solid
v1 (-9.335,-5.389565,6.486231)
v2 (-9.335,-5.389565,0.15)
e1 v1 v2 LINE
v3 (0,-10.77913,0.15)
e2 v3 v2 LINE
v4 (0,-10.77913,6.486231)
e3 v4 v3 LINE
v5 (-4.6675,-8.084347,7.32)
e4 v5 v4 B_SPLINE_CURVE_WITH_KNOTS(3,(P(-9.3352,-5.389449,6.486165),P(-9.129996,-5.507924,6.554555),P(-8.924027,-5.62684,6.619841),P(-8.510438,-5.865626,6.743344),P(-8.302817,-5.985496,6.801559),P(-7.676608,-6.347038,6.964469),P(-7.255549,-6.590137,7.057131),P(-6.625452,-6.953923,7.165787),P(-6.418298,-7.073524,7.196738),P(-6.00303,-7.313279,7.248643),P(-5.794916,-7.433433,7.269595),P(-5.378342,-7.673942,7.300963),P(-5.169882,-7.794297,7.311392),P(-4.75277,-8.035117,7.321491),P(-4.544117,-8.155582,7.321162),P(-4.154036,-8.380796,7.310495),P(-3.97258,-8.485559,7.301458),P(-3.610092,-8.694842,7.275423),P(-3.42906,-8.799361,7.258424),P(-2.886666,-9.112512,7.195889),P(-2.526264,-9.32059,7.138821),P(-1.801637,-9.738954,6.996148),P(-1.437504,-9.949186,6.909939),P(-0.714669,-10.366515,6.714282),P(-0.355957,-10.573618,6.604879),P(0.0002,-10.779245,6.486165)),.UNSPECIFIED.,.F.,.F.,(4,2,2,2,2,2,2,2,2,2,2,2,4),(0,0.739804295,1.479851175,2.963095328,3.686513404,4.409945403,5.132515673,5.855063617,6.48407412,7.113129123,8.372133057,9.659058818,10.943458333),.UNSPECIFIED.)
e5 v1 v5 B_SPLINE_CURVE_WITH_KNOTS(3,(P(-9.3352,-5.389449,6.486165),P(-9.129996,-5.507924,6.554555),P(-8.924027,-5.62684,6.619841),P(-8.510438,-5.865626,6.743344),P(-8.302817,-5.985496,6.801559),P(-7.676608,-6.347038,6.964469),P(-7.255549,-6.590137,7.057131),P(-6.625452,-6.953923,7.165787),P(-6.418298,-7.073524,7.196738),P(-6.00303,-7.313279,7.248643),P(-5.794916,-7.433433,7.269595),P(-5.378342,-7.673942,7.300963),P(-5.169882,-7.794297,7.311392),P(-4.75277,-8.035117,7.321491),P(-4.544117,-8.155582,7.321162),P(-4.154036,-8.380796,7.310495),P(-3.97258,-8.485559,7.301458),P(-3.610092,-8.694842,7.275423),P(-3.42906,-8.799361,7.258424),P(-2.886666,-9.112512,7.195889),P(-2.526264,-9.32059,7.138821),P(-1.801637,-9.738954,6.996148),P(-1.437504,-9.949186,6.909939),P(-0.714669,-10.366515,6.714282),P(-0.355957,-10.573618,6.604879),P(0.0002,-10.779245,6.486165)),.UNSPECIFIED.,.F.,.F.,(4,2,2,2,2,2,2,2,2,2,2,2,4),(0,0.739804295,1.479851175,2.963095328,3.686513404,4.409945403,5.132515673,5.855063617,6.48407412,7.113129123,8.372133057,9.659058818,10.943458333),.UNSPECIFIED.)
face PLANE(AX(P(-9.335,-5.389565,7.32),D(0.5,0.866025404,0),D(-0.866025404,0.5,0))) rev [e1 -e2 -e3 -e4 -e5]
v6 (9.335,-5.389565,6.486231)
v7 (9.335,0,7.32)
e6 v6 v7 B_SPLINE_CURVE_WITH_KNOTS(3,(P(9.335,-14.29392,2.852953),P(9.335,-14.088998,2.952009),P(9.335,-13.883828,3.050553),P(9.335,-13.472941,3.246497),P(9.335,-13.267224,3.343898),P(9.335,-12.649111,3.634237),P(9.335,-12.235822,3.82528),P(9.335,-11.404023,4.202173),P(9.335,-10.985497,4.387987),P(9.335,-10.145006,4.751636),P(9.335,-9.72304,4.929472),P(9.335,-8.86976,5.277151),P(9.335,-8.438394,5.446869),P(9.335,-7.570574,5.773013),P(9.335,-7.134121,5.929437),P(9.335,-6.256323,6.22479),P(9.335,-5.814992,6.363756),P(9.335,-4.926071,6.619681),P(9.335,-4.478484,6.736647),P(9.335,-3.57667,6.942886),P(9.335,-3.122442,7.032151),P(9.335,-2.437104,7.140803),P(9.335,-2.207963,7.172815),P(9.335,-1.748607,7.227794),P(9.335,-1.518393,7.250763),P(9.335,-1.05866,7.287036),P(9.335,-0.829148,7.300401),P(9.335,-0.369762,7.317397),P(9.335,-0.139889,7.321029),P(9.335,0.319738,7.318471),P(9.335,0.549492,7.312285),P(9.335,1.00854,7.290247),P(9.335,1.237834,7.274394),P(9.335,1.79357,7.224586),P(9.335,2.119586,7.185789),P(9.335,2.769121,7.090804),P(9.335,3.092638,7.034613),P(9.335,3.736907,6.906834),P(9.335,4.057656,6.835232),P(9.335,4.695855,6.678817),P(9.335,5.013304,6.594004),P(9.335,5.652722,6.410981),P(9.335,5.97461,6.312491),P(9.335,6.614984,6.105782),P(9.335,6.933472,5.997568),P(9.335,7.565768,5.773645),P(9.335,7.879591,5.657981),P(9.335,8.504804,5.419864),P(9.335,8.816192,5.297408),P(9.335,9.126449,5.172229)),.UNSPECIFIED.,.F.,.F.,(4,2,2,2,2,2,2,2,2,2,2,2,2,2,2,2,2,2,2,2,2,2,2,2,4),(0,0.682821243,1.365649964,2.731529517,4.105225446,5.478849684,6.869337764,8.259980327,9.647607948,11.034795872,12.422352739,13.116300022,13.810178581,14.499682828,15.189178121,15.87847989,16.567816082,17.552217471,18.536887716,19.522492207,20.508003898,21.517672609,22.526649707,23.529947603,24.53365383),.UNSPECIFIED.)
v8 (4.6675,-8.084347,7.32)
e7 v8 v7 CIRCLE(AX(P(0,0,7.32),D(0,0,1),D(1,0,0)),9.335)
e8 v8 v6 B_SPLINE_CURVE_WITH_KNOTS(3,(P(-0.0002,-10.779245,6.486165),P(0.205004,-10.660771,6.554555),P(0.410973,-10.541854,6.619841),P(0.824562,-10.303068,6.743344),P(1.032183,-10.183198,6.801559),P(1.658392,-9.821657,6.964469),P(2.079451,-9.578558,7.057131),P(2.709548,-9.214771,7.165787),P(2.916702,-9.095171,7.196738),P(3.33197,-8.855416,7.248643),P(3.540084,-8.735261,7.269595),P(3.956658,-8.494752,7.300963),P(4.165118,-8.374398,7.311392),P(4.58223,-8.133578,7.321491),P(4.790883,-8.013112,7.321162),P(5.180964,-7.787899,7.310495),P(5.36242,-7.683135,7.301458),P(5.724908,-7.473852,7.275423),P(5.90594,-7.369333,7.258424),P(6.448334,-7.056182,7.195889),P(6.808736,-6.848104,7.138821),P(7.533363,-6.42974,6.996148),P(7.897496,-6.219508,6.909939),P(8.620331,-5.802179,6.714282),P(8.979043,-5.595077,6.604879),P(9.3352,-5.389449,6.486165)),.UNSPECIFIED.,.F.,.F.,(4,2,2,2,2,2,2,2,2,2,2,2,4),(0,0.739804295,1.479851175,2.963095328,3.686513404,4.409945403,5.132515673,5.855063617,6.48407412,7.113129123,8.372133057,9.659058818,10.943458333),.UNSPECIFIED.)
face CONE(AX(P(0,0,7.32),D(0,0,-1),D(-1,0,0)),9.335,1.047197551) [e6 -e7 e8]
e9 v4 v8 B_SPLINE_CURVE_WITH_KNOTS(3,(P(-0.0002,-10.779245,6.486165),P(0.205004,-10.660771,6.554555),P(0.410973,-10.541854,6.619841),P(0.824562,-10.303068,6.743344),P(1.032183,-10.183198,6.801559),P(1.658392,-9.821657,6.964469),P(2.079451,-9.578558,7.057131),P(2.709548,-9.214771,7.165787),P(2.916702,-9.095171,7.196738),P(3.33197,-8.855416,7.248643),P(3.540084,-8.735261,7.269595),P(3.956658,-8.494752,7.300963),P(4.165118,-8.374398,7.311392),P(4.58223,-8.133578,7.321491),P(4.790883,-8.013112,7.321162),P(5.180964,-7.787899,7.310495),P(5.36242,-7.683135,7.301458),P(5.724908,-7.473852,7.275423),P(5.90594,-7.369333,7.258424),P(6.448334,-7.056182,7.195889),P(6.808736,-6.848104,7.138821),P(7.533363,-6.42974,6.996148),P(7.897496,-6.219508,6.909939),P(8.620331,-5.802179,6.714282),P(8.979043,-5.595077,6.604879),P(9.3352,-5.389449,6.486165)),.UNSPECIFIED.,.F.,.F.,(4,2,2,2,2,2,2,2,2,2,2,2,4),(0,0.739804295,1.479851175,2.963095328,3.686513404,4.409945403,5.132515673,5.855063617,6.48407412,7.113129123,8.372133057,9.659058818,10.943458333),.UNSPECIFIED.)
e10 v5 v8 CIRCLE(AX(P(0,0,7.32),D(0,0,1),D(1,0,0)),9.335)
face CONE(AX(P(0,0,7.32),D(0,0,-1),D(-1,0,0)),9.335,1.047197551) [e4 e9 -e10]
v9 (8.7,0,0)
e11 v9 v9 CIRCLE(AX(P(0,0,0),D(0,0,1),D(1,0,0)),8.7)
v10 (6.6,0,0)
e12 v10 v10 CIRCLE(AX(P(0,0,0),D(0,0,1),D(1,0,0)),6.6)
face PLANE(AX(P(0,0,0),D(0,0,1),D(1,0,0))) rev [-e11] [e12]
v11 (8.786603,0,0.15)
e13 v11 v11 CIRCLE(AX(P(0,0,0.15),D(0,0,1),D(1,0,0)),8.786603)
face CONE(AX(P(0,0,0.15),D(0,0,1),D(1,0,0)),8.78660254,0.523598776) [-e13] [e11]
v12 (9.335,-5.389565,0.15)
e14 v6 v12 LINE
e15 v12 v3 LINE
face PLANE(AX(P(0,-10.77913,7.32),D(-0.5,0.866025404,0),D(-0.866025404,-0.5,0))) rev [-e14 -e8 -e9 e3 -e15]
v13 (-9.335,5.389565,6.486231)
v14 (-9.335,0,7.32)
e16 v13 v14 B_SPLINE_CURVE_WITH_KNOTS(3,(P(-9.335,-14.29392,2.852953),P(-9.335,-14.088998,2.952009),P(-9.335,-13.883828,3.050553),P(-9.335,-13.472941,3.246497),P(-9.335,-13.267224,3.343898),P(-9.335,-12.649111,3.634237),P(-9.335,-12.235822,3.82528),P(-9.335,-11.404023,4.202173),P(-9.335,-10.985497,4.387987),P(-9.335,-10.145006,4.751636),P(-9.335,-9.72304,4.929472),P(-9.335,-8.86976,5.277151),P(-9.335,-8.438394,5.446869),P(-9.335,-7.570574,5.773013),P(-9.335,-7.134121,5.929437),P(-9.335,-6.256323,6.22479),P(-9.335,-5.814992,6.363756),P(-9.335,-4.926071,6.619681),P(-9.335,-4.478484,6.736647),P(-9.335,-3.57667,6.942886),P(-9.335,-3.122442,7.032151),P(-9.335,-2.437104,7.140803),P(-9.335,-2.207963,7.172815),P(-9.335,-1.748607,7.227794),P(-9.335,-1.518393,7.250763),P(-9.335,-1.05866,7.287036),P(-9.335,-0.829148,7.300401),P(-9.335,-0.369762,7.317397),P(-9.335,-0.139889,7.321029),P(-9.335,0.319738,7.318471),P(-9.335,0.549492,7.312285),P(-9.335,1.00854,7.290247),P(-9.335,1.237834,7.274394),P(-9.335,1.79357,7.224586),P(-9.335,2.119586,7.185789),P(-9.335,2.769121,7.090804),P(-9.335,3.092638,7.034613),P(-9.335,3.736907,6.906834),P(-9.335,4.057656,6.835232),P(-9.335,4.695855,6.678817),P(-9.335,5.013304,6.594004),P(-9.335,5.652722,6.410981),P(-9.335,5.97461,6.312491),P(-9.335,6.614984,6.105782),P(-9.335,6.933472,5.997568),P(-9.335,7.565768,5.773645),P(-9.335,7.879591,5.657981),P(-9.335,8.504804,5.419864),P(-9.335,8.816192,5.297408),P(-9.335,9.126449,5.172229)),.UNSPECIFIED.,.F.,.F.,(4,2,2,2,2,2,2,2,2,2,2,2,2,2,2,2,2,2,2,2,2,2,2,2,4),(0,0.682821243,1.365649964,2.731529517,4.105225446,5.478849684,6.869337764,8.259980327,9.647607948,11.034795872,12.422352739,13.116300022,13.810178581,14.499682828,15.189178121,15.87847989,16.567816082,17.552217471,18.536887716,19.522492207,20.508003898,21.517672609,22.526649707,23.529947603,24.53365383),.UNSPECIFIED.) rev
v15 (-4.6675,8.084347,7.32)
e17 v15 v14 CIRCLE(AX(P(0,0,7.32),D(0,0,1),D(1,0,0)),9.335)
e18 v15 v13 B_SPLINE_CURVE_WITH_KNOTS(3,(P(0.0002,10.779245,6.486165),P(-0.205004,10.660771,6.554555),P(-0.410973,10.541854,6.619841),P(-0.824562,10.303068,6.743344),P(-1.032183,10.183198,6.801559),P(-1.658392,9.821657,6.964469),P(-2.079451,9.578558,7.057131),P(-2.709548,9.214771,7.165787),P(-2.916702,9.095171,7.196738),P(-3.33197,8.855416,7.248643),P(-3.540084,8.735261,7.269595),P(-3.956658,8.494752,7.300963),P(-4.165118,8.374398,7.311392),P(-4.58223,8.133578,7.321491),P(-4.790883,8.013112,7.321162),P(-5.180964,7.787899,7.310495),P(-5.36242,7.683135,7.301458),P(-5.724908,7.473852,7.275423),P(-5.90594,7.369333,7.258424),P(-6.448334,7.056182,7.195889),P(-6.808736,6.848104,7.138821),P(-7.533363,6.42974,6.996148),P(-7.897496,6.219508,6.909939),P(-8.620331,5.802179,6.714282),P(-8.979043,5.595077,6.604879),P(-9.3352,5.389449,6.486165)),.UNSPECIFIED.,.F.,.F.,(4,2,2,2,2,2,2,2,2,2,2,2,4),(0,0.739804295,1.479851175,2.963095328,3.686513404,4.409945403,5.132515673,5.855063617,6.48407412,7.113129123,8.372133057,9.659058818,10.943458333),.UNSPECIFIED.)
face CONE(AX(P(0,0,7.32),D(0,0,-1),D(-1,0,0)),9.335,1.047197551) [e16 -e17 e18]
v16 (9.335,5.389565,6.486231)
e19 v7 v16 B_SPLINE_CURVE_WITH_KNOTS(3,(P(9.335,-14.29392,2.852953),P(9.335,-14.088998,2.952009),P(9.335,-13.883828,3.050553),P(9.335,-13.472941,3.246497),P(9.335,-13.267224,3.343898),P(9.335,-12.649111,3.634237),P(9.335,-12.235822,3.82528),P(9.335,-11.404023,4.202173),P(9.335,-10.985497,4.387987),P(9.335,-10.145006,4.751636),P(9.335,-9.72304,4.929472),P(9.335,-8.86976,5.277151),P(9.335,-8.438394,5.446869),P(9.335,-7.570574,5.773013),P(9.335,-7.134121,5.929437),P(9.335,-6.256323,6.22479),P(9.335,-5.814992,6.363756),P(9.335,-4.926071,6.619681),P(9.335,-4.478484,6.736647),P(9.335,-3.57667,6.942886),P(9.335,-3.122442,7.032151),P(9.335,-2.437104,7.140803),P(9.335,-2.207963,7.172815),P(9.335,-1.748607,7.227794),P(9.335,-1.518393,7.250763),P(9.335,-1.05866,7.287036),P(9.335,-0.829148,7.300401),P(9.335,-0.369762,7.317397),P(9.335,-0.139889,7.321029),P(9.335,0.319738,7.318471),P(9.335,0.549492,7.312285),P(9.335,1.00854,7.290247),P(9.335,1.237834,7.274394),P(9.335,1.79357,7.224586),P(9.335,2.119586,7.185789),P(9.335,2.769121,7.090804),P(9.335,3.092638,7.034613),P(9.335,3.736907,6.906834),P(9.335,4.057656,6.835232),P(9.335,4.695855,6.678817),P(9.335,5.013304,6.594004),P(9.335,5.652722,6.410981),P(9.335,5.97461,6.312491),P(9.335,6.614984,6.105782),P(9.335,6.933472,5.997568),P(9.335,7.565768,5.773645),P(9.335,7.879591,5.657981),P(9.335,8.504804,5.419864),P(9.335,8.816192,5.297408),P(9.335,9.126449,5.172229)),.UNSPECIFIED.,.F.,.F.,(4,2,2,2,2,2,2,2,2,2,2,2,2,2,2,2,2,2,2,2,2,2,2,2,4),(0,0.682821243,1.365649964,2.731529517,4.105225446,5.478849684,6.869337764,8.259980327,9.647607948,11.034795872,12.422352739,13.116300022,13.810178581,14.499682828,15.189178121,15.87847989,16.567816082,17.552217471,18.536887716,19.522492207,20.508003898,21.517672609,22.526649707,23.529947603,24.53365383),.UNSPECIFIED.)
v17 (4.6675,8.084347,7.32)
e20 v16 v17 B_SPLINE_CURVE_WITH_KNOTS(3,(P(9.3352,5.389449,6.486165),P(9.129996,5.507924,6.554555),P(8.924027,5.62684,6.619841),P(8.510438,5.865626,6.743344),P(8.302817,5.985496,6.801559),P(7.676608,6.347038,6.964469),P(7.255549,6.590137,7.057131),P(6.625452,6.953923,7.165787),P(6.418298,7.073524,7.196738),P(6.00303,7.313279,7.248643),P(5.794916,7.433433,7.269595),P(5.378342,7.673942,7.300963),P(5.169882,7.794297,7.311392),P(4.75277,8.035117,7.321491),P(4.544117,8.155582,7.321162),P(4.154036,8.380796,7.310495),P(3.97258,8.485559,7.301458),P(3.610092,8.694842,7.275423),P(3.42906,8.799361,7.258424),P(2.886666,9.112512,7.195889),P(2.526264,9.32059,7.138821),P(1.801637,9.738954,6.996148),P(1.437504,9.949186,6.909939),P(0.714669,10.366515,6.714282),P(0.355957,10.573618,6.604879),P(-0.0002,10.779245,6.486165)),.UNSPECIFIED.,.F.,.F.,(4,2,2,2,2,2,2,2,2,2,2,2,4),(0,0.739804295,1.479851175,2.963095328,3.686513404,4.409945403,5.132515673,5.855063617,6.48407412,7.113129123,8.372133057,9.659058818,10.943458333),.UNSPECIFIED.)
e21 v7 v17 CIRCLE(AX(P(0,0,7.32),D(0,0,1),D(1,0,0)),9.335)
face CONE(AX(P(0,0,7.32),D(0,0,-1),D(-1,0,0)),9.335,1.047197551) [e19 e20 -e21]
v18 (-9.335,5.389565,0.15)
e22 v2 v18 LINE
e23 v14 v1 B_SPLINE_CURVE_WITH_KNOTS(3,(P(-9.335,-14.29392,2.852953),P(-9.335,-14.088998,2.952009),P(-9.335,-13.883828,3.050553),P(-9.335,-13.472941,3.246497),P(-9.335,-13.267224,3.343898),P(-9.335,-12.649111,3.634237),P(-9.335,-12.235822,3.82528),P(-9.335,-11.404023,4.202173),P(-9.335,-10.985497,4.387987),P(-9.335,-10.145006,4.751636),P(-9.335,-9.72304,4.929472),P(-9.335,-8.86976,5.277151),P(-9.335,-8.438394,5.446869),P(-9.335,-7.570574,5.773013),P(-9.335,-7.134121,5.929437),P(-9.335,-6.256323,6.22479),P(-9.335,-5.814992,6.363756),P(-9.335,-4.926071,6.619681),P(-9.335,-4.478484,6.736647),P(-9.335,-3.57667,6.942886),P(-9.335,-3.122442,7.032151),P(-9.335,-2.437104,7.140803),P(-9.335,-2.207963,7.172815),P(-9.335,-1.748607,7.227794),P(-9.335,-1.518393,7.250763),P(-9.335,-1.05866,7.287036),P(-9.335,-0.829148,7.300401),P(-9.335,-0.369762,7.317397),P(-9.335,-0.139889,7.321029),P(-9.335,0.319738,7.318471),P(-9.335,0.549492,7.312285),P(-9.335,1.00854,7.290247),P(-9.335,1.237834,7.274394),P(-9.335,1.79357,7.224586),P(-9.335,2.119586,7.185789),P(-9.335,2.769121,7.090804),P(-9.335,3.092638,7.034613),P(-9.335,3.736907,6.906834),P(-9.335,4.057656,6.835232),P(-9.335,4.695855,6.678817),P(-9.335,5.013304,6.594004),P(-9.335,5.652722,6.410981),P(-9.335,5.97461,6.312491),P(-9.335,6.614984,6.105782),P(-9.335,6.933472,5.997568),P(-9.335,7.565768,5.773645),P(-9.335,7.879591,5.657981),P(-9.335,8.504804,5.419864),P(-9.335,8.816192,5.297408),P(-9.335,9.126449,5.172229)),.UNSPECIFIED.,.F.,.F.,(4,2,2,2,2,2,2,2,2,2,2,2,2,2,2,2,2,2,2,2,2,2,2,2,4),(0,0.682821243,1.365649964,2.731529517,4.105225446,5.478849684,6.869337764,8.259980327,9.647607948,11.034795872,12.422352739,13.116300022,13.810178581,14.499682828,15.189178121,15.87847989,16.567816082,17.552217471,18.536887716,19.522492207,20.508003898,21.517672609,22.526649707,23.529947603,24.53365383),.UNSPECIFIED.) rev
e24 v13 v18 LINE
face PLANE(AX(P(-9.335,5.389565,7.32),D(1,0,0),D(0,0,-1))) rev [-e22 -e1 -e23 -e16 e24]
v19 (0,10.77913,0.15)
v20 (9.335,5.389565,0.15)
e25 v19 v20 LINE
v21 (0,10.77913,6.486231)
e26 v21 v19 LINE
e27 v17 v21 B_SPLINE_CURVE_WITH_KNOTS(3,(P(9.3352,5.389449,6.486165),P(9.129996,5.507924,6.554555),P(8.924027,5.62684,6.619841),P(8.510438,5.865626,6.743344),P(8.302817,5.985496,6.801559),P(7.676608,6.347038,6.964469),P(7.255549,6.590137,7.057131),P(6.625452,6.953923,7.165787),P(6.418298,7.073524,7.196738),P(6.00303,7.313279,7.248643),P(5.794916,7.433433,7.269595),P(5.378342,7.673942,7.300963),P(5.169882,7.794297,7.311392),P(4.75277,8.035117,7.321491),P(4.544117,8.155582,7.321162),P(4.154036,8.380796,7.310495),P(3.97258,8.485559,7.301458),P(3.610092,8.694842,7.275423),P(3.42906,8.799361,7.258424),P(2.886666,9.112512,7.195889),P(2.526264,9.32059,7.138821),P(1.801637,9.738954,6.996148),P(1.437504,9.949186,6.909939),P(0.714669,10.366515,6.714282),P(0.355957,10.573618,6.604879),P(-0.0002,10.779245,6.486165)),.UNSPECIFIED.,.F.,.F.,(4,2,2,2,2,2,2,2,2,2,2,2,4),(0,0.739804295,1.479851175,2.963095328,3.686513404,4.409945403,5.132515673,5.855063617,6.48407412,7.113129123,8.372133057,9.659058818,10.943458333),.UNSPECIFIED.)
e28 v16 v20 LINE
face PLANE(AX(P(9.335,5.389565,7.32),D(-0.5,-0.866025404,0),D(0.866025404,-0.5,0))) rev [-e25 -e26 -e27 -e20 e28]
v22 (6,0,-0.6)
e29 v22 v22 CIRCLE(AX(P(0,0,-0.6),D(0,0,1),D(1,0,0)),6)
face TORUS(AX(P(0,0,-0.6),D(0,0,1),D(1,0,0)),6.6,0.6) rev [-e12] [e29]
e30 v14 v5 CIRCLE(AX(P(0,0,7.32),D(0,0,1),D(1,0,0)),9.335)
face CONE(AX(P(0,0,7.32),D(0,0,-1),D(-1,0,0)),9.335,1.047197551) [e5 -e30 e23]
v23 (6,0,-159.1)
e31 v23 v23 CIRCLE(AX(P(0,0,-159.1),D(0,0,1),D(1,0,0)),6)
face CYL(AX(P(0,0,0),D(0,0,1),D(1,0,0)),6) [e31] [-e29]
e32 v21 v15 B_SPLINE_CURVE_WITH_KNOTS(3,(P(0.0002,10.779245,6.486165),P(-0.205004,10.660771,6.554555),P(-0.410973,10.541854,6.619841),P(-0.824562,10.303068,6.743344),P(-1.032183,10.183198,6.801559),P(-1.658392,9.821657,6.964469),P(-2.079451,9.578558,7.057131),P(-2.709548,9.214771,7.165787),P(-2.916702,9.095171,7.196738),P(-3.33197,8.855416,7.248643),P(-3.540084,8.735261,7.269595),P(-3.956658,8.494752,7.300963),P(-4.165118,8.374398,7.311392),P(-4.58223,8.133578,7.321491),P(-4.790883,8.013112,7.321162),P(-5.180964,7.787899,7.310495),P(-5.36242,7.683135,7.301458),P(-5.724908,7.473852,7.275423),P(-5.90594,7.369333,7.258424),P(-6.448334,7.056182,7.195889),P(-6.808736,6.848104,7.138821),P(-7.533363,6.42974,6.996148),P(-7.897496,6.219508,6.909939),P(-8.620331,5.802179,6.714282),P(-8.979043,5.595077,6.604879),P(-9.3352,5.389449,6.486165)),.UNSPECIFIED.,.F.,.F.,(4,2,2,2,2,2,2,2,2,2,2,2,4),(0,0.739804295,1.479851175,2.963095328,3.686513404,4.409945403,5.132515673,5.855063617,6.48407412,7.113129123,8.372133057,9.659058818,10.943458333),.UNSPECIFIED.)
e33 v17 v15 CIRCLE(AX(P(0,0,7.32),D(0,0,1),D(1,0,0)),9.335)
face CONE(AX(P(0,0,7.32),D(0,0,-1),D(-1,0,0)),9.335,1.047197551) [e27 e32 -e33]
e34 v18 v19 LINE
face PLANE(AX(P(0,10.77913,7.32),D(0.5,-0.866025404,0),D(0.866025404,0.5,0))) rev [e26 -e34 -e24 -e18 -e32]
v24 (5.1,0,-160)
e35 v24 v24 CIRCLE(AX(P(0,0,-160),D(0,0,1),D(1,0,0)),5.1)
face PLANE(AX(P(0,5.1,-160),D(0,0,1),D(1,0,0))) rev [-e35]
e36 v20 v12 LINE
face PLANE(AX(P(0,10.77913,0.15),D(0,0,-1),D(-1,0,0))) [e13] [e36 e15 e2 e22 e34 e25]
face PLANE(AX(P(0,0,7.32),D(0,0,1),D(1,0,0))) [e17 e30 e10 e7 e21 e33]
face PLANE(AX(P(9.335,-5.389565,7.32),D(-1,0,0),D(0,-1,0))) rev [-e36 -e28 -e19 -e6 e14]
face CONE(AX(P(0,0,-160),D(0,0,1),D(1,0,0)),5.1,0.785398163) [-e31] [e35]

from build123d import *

# Parameters (mm, degrees)
BOSS_EXTRUDE1_DEPTH = 7.32


with BuildPart() as part:
    # Sketch1 → Boss-Extrude1 (new body)
    with BuildSketch(Plane.XY):
        Polygon((0, 10.779129526), (-9.335, 5.389564763), (-9.335, -5.389564763), (0, -10.779129526), (9.335, -5.389564763), (9.335, 5.389564763), align=None)
    extrude(amount=BOSS_EXTRUDE1_DEPTH)

    # Sketch2 → Revolve1 (revolve)
    with BuildSketch(Plane(origin=(0, 0, 0), x_dir=(0, 0, -1), z_dir=(1, 0, 0))):
        with BuildLine():
            Line((0, 0), (0, 6.6))
            ThreePointArc((0, 6.6), (0.175735931, 6.175735931), (0.6, 6))
            Line((0.6, 6), (159.1, 6))
            Line((159.1, 6), (160, 5.1))
            Line((160, 5.1), (160, 0))
            Line((160, 0), (0, 0))
        make_face()
    revolve(axis=Axis((0, 0, 0), (0, 0, -1)))

    # Sketch3 → Cut-Revolve1 (revolve, cut)
    with BuildSketch(Plane(origin=(0, 0, 0), x_dir=(0, 0, -1), z_dir=(1, 0, 0))):
        Polygon((-7.32, 10.779129526), (-6.48623143, 10.779129526), (-7.32, 9.335), align=None)
        Polygon((-0.15, 10.779129526), (-0.15, 8.78660254), (0, 8.7), (0, 10.779129526), align=None)
    revolve(axis=Axis((0, 0, 12.204941078), (0, 0, -1)), mode=Mode.SUBTRACT)


solid = part.part
